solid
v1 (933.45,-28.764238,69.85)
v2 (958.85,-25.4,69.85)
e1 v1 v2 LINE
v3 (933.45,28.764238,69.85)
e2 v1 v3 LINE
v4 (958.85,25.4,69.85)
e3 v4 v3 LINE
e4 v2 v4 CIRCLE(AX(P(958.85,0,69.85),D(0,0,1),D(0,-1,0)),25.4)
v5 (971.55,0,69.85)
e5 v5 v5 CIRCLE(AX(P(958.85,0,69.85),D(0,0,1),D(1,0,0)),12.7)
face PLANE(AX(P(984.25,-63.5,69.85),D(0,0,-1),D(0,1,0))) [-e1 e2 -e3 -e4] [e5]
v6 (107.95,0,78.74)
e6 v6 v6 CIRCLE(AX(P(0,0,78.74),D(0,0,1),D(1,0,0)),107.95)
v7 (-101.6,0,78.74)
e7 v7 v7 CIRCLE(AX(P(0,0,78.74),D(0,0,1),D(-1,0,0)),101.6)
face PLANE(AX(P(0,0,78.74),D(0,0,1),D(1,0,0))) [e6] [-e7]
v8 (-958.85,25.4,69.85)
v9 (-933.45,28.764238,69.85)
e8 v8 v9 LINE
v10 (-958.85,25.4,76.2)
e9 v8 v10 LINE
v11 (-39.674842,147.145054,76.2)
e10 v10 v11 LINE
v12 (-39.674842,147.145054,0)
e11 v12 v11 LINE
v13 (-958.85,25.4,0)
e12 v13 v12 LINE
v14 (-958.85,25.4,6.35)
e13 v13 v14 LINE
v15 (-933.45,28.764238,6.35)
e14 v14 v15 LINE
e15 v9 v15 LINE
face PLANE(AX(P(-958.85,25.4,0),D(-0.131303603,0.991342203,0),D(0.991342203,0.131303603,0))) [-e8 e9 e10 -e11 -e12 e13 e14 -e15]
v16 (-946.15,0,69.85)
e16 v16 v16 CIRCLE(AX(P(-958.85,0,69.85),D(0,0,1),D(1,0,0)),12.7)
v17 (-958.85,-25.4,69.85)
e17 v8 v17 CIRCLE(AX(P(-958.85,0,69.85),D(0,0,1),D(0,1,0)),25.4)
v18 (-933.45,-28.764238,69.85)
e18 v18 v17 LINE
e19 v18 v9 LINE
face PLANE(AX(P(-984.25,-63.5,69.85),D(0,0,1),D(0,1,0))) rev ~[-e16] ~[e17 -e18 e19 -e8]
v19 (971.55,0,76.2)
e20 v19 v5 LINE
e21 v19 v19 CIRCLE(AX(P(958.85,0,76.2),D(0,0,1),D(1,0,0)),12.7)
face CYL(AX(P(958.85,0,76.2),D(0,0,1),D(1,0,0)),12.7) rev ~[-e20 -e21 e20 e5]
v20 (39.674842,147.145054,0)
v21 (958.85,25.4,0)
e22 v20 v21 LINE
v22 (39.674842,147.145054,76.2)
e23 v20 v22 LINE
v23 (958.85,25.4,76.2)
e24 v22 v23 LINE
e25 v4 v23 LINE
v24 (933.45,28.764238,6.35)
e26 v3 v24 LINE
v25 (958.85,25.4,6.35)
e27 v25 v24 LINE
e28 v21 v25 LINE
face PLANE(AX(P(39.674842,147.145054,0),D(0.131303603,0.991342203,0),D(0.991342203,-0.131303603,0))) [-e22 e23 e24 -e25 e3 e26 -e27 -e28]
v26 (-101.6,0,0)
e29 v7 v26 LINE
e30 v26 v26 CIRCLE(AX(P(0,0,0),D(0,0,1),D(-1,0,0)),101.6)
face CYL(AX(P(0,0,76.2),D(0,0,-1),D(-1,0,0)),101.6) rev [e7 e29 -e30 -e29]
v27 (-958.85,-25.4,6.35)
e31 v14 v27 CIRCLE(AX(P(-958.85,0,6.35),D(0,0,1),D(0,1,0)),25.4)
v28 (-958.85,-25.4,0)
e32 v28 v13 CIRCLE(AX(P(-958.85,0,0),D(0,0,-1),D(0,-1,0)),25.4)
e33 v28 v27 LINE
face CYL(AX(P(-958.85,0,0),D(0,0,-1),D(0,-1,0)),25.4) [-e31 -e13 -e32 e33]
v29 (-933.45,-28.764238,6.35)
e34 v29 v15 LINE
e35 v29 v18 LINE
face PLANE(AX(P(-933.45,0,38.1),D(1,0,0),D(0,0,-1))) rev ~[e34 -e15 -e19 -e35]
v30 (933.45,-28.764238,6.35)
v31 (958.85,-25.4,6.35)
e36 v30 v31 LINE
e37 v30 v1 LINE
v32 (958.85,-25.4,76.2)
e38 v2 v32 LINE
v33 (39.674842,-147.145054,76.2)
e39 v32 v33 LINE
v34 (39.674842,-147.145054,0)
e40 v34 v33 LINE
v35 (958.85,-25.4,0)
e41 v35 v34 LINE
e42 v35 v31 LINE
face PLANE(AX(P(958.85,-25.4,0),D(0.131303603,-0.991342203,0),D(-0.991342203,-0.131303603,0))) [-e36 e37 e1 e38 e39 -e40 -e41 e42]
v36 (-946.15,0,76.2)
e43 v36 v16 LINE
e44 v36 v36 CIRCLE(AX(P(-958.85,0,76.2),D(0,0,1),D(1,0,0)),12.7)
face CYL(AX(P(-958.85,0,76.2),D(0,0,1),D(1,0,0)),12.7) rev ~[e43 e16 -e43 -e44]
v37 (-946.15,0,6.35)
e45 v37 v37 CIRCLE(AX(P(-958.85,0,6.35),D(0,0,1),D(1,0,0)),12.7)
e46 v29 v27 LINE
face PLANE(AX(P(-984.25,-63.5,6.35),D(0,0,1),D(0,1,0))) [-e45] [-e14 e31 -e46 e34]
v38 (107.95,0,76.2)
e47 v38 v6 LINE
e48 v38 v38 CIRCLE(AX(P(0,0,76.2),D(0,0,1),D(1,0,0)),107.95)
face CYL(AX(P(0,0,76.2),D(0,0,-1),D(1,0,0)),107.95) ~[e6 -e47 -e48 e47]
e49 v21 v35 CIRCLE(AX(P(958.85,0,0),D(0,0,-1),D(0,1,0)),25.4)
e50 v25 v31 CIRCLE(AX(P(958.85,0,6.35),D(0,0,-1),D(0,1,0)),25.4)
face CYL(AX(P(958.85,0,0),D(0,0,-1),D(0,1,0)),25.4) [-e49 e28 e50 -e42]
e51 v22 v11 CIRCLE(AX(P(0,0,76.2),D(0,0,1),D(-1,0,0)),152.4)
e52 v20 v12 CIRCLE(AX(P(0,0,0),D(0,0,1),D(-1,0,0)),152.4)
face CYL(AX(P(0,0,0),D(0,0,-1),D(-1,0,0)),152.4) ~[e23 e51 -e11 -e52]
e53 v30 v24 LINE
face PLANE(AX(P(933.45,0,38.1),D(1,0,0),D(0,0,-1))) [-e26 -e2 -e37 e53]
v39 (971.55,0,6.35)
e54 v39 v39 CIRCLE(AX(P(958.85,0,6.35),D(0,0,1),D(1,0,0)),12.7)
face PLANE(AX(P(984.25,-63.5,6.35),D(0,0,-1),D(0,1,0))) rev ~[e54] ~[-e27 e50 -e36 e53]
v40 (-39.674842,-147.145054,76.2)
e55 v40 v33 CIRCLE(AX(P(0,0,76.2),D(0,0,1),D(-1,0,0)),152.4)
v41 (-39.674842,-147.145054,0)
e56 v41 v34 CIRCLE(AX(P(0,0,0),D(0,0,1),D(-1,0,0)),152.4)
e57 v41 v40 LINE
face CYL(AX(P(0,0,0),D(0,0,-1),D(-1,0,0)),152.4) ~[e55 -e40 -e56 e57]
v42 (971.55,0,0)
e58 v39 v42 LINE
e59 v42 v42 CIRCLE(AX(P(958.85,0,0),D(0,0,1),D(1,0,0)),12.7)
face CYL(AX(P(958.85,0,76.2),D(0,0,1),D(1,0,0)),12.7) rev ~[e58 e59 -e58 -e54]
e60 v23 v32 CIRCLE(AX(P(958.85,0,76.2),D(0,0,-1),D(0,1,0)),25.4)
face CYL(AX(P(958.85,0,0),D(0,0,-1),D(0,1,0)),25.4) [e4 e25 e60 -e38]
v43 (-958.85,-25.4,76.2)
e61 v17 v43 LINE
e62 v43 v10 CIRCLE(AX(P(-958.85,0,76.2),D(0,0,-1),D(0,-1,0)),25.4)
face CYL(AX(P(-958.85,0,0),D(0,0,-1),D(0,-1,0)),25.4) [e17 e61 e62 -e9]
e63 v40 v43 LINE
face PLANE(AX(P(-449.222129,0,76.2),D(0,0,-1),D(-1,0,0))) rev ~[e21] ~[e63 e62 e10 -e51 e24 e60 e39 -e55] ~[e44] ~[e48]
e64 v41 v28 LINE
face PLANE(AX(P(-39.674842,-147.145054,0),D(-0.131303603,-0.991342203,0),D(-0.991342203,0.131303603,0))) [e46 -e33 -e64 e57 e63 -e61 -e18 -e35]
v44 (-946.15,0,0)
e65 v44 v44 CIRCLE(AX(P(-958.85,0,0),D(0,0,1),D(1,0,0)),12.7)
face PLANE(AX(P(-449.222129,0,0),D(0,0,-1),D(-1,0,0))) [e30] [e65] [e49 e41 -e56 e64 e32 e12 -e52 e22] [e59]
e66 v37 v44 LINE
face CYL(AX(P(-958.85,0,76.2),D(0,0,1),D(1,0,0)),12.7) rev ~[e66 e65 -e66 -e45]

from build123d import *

# Parameters (mm, degrees)
SKETCH1_R           = 152.4
SKETCH1_R_2         = 101.6
BOSS_EXTRUDE1_DEPTH = 76.2
BOSS_EXTRUDE3_START = -76.2
BOSS_EXTRUDE3_DEPTH = 76.2
SKETCH7_R           = 12.7
CUT_EXTRUDE2_DEPTH  = 999.889514661
SKETCH8_W           = 63.5
SKETCH8_H           = 127
CUT_EXTRUDE3_DEPTH  = 50.8
SKETCH9_W           = 63.5
SKETCH9_H           = 127
CUT_EXTRUDE5_DEPTH  = 50.8
SKETCH11_R          = 107.95
SKETCH11_R_2        = 101.6
BOSS_EXTRUDE4_DEPTH = 2.54


with BuildPart() as part:
    # Sketch1 → Boss-Extrude1 (new body)
    with BuildSketch(Plane.XY):
        with Locations(Location((0, 0, 0), (0, 0, 180))):
            Circle(SKETCH1_R)
        with Locations(Location((0, 0, 0), (0, 0, 180))):
            Circle(SKETCH1_R_2, mode=Mode.SUBTRACT)
    extrude(amount=BOSS_EXTRUDE1_DEPTH)

    # Sketch2 → Boss-Extrude3 (add)
    with BuildSketch(Plane.XY.offset(76.2).offset(BOSS_EXTRUDE3_START)):
        with BuildLine():
            Line((-958.85, 25.4), (-39.674841602, 147.145054092))
            ThreePointArc((-39.674841602, 147.145054092), (-152.4, 0), (-39.674841602, -147.145054092))
            Line((-39.674841602, -147.145054092), (-958.85, -25.4))
            ThreePointArc((-958.85, -25.4), (-984.25, 0), (-958.85, 25.4))
        make_face()
        with BuildLine():
            Line((39.674841602, 147.145054092), (958.85, 25.4))
            ThreePointArc((958.85, 25.4), (984.25, 0), (958.85, -25.4))
            Line((958.85, -25.4), (39.674841602, -147.145054092))
            ThreePointArc((39.674841602, -147.145054092), (152.4, 0), (39.674841602, 147.145054092))
        make_face()
    extrude(amount=BOSS_EXTRUDE3_DEPTH)

    # Sketch7 → Cut-Extrude2 (cut, through all)
    with BuildSketch(Plane.XY.offset(76.2)):
        with Locations((-958.85, 0)):
            Circle(SKETCH7_R)
        with Locations((958.85, 0)):
            Circle(SKETCH7_R)
    extrude(amount=-CUT_EXTRUDE2_DEPTH, mode=Mode.SUBTRACT)

    # Sketch8 → Cut-Extrude3 (cut)
    with BuildSketch(Plane(origin=(984.25, 0, 0), x_dir=(0, 0, -1), z_dir=(1, 0, 0))):
        with Locations((-38.1, 0)):
            Rectangle(SKETCH8_W, SKETCH8_H)
    extrude(amount=-CUT_EXTRUDE3_DEPTH, mode=Mode.SUBTRACT)

    # Sketch9 → Cut-Extrude5 (cut)
    with BuildSketch(Plane(origin=(-984.25, 0, 0), x_dir=(0, 0, -1), z_dir=(1, 0, 0))):
        with Locations((-38.1, 0)):
            Rectangle(SKETCH9_W, SKETCH9_H)
    extrude(amount=CUT_EXTRUDE5_DEPTH, mode=Mode.SUBTRACT)

    # Sketch11 → Boss-Extrude4 (add)
    with BuildSketch(Plane.XY.offset(76.2)):
        Circle(SKETCH11_R)
        with Locations(Location((0, 0, 0), (0, 0, 180))):
            Circle(SKETCH11_R_2, mode=Mode.SUBTRACT)
    extrude(amount=BOSS_EXTRUDE4_DEPTH)


solid = part.part
